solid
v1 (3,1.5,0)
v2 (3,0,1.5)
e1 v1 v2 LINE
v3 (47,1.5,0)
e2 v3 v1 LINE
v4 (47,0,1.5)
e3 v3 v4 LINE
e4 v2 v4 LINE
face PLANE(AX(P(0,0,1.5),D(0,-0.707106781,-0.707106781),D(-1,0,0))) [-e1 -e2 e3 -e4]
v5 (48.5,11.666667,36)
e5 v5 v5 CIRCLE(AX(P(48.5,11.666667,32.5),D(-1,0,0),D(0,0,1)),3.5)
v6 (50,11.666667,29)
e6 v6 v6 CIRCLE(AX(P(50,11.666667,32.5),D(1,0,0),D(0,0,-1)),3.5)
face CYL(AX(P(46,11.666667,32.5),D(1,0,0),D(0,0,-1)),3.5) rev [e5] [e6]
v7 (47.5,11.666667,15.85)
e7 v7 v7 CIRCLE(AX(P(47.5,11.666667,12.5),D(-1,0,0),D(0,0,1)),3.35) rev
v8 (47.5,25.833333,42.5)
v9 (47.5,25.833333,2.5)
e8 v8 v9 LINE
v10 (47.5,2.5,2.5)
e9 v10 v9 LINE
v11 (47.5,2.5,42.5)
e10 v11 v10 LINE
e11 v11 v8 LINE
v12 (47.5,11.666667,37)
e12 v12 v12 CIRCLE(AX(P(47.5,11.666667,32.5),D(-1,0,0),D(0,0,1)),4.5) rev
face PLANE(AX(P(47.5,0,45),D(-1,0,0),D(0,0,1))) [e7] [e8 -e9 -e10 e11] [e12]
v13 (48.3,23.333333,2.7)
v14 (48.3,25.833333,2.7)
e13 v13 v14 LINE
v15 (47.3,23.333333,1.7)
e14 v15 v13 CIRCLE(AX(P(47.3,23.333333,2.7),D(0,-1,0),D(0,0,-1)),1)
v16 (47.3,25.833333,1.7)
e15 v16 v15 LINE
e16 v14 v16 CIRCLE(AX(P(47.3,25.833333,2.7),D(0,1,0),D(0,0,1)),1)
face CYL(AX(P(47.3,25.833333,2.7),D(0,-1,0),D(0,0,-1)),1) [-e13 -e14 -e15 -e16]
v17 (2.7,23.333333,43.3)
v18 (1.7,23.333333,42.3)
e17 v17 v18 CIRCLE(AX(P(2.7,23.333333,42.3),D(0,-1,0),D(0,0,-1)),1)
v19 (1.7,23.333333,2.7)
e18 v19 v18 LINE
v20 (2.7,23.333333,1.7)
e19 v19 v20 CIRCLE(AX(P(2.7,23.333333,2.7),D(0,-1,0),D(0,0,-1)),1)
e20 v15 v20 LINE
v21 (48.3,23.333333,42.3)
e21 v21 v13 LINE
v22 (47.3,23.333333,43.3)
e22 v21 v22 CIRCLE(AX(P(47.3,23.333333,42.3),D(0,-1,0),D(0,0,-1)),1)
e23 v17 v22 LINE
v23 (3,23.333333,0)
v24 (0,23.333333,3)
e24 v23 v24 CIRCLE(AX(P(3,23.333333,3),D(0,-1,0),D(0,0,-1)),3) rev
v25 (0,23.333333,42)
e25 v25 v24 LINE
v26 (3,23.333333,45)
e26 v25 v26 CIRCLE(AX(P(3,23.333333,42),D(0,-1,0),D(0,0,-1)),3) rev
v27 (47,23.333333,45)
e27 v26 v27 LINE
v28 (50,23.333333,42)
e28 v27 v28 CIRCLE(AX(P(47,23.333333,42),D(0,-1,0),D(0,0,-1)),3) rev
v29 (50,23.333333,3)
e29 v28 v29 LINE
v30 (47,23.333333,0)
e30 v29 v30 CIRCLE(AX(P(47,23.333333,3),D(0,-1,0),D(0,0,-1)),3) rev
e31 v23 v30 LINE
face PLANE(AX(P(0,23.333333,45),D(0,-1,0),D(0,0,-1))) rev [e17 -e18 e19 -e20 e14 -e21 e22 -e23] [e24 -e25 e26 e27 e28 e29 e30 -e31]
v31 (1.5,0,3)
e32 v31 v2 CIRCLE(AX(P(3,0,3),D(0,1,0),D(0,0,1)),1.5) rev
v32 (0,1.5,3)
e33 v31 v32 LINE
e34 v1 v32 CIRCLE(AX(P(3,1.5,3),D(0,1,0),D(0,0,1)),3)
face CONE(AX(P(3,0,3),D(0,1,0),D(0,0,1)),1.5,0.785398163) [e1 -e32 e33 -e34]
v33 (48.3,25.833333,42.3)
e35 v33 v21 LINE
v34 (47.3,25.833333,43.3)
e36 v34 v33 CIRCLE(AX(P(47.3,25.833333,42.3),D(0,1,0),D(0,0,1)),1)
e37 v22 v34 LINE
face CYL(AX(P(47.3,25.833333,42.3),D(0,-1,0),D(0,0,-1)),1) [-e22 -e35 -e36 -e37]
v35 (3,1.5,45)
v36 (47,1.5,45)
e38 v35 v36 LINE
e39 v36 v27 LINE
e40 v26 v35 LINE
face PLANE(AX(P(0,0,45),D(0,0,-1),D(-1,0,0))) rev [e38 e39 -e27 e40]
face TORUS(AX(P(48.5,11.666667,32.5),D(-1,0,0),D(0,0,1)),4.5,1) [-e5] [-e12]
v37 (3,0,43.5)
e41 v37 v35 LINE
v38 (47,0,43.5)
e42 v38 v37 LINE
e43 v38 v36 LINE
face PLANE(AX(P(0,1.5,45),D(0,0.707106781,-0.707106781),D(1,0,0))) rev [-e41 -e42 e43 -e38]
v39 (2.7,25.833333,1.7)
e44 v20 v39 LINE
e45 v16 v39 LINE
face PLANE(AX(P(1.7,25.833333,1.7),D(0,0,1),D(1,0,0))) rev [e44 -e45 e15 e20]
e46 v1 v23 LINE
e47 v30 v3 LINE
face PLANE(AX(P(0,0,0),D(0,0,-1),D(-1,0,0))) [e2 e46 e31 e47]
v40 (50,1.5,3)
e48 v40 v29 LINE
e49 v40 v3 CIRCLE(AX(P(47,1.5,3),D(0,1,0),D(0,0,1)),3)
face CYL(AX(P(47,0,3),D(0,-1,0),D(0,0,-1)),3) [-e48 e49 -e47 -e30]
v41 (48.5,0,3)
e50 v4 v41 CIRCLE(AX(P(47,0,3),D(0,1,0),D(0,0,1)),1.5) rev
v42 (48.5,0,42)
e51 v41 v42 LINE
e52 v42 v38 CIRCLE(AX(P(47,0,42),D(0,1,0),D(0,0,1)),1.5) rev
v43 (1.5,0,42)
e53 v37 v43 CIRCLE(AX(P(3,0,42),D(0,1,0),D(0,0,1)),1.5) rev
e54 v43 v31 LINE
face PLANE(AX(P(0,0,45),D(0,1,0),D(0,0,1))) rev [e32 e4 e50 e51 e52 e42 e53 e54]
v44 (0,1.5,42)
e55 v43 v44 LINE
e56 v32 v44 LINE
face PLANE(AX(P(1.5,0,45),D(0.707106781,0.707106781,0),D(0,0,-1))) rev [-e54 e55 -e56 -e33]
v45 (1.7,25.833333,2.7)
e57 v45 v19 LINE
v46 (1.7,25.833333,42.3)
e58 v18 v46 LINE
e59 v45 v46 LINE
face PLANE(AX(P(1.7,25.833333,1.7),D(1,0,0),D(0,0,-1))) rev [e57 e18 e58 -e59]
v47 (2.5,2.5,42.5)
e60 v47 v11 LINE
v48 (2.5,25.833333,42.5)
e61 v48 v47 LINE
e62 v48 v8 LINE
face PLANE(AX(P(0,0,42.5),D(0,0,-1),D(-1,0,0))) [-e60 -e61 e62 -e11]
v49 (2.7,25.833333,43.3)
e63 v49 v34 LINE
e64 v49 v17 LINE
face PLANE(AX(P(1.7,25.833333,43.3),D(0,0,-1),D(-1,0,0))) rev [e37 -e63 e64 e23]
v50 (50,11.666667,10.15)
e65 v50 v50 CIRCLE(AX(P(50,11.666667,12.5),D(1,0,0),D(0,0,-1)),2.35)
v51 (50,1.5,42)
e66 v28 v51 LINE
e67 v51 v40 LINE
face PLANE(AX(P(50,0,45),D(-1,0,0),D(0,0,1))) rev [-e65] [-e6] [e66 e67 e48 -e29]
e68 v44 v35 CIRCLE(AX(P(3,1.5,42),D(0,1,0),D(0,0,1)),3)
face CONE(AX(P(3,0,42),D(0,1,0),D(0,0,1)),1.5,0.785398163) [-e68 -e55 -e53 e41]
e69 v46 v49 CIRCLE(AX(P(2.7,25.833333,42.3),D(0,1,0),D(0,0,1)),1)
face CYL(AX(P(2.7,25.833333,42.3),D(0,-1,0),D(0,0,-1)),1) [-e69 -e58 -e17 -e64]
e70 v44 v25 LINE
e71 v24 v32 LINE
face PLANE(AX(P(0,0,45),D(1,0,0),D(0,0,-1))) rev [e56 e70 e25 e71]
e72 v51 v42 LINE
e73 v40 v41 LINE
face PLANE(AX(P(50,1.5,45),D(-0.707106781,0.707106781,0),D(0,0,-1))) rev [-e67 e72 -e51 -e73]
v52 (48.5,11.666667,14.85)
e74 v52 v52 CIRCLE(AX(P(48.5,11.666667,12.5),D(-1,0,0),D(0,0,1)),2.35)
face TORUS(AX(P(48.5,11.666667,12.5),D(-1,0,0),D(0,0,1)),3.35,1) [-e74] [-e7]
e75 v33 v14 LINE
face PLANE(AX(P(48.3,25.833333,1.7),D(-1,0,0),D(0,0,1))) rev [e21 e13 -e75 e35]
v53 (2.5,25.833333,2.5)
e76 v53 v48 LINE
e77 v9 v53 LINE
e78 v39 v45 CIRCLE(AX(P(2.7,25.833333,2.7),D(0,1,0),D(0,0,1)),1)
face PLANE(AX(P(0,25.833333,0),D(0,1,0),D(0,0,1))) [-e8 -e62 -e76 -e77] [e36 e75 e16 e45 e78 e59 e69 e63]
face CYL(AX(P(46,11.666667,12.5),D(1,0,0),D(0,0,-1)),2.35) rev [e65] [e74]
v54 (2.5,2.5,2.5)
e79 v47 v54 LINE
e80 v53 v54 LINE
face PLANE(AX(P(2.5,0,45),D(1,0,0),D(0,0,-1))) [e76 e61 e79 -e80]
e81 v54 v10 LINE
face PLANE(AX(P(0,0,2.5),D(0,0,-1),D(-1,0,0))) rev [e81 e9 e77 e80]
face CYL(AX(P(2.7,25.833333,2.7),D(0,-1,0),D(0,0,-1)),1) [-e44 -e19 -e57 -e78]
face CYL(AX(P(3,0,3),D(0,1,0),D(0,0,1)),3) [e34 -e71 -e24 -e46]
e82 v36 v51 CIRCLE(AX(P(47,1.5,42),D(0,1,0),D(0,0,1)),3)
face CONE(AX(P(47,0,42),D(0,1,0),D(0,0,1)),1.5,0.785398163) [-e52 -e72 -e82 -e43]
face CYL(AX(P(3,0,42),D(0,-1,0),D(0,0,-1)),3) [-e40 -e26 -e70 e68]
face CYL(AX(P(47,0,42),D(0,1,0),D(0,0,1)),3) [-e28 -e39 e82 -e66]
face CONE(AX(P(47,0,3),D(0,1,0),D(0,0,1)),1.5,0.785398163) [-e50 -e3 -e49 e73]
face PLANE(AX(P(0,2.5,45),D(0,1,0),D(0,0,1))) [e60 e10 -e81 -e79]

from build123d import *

# Parameters (mm, degrees)
SKETCH1_W           = 50
SKETCH1_H           = 35
BOSS_EXTRUDE1_DEPTH = 45
SKETCH3_W           = 45
SKETCH3_H           = 11.666666667
CUT_EXTRUDE2_DEPTH  = 76.828754441
SHELL1_T            = -2.5
SKETCH2_R           = 3.5
SKETCH2_R_2         = 2.35
CUT_EXTRUDE1_DEPTH  = 4
SKETCH4_W           = 46.6
SKETCH4_H           = 41.6
SKETCH4_W_2         = 45
SKETCH4_H_2         = 40
BOSS_EXTRUDE2_DEPTH = 2.5
FILLET1_R           = 3
FILLET2_R           = 1
CHAMFER1_SIZE       = 1.5
FILLET3_R           = 1


with BuildPart() as part:
    # Sketch1 → Boss-Extrude1 (new body)
    with BuildSketch(Plane.XY):
        with Locations((25, 17.5)):
            Rectangle(SKETCH1_W, SKETCH1_H)
    extrude(amount=BOSS_EXTRUDE1_DEPTH)

    # Sketch3 → Cut-Extrude2 (cut, through all)
    with BuildSketch(Plane(origin=(50, 0, 0), x_dir=(0, 0, -1), z_dir=(1, 0, 0))):
        with Locations((-22.5, 29.166666666)):
            Rectangle(SKETCH3_W, SKETCH3_H)
    extrude(amount=-CUT_EXTRUDE2_DEPTH, mode=Mode.SUBTRACT)

    # Shell1
    shell1_openings = [part.faces().sort_by_distance(p)[0] for p in [
        (25, 23.333333333, 22.5),
    ]]
    offset(amount=SHELL1_T, openings=shell1_openings, kind=Kind.INTERSECTION)

    # Sketch2 → Cut-Extrude1 (cut)
    with BuildSketch(Plane(origin=(50, 0, 0), x_dir=(0, 0, -1), z_dir=(1, 0, 0))):
        with Locations((-32.5, 11.666666667)):
            Circle(SKETCH2_R)
        with Locations((-12.5, 11.666666667)):
            Circle(SKETCH2_R_2)
    extrude(amount=-CUT_EXTRUDE1_DEPTH, mode=Mode.SUBTRACT)

    # Sketch4 → Boss-Extrude2 (add)
    with BuildSketch(Plane(origin=(0, 23.333333333, 0), x_dir=(1, 0, 0), z_dir=(0, 1, 0))):
        with Locations((25, -22.5)):
            Rectangle(SKETCH4_W, SKETCH4_H)
        with Locations((25, -22.5)):
            Rectangle(SKETCH4_W_2, SKETCH4_H_2, mode=Mode.SUBTRACT)
    extrude(amount=BOSS_EXTRUDE2_DEPTH)

    # Fillet1
    fillet1_edges = [part.edges().sort_by_distance(p)[0] for p in [
        (50, 11.666666667, 45),
        (0, 11.666666667, 0),
        (0, 11.666666667, 45),
        (50, 11.666666667, 0),
    ]]
    fillet(fillet1_edges, radius=FILLET1_R)

    # Fillet2
    fillet2_edges = [part.edges().sort_by_distance(p)[0] for p in [
        (1.7, 24.583333333, 1.7),
        (1.7, 24.583333333, 43.3),
        (48.3, 24.583333333, 43.3),
        (48.3, 24.583333333, 1.7),
    ]]
    fillet(fillet2_edges, radius=FILLET2_R)

    # Chamfer1
    chamfer1_edges = [part.edges().sort_by_distance(p)[0] for p in [
        (49.121320344, 0, 0.878679656),
        (0.878679656, 0, 0.878679656),
        (0, 0, 22.5),
        (25, 0, 0),
        (50, 0, 22.5),
        (25, 0, 45),
        (0.878679656, 0, 44.121320344),
        (49.121320344, 0, 44.121320344),
    ]]
    chamfer(chamfer1_edges, length=CHAMFER1_SIZE)

    # Fillet3
    fillet3_edges = [part.edges().sort_by_distance(p)[0] for p in [
        (47.5, 11.666666667, 36),
        (47.5, 11.666666667, 14.85),
    ]]
    fillet(fillet3_edges, radius=FILLET3_R)


solid = part.part
